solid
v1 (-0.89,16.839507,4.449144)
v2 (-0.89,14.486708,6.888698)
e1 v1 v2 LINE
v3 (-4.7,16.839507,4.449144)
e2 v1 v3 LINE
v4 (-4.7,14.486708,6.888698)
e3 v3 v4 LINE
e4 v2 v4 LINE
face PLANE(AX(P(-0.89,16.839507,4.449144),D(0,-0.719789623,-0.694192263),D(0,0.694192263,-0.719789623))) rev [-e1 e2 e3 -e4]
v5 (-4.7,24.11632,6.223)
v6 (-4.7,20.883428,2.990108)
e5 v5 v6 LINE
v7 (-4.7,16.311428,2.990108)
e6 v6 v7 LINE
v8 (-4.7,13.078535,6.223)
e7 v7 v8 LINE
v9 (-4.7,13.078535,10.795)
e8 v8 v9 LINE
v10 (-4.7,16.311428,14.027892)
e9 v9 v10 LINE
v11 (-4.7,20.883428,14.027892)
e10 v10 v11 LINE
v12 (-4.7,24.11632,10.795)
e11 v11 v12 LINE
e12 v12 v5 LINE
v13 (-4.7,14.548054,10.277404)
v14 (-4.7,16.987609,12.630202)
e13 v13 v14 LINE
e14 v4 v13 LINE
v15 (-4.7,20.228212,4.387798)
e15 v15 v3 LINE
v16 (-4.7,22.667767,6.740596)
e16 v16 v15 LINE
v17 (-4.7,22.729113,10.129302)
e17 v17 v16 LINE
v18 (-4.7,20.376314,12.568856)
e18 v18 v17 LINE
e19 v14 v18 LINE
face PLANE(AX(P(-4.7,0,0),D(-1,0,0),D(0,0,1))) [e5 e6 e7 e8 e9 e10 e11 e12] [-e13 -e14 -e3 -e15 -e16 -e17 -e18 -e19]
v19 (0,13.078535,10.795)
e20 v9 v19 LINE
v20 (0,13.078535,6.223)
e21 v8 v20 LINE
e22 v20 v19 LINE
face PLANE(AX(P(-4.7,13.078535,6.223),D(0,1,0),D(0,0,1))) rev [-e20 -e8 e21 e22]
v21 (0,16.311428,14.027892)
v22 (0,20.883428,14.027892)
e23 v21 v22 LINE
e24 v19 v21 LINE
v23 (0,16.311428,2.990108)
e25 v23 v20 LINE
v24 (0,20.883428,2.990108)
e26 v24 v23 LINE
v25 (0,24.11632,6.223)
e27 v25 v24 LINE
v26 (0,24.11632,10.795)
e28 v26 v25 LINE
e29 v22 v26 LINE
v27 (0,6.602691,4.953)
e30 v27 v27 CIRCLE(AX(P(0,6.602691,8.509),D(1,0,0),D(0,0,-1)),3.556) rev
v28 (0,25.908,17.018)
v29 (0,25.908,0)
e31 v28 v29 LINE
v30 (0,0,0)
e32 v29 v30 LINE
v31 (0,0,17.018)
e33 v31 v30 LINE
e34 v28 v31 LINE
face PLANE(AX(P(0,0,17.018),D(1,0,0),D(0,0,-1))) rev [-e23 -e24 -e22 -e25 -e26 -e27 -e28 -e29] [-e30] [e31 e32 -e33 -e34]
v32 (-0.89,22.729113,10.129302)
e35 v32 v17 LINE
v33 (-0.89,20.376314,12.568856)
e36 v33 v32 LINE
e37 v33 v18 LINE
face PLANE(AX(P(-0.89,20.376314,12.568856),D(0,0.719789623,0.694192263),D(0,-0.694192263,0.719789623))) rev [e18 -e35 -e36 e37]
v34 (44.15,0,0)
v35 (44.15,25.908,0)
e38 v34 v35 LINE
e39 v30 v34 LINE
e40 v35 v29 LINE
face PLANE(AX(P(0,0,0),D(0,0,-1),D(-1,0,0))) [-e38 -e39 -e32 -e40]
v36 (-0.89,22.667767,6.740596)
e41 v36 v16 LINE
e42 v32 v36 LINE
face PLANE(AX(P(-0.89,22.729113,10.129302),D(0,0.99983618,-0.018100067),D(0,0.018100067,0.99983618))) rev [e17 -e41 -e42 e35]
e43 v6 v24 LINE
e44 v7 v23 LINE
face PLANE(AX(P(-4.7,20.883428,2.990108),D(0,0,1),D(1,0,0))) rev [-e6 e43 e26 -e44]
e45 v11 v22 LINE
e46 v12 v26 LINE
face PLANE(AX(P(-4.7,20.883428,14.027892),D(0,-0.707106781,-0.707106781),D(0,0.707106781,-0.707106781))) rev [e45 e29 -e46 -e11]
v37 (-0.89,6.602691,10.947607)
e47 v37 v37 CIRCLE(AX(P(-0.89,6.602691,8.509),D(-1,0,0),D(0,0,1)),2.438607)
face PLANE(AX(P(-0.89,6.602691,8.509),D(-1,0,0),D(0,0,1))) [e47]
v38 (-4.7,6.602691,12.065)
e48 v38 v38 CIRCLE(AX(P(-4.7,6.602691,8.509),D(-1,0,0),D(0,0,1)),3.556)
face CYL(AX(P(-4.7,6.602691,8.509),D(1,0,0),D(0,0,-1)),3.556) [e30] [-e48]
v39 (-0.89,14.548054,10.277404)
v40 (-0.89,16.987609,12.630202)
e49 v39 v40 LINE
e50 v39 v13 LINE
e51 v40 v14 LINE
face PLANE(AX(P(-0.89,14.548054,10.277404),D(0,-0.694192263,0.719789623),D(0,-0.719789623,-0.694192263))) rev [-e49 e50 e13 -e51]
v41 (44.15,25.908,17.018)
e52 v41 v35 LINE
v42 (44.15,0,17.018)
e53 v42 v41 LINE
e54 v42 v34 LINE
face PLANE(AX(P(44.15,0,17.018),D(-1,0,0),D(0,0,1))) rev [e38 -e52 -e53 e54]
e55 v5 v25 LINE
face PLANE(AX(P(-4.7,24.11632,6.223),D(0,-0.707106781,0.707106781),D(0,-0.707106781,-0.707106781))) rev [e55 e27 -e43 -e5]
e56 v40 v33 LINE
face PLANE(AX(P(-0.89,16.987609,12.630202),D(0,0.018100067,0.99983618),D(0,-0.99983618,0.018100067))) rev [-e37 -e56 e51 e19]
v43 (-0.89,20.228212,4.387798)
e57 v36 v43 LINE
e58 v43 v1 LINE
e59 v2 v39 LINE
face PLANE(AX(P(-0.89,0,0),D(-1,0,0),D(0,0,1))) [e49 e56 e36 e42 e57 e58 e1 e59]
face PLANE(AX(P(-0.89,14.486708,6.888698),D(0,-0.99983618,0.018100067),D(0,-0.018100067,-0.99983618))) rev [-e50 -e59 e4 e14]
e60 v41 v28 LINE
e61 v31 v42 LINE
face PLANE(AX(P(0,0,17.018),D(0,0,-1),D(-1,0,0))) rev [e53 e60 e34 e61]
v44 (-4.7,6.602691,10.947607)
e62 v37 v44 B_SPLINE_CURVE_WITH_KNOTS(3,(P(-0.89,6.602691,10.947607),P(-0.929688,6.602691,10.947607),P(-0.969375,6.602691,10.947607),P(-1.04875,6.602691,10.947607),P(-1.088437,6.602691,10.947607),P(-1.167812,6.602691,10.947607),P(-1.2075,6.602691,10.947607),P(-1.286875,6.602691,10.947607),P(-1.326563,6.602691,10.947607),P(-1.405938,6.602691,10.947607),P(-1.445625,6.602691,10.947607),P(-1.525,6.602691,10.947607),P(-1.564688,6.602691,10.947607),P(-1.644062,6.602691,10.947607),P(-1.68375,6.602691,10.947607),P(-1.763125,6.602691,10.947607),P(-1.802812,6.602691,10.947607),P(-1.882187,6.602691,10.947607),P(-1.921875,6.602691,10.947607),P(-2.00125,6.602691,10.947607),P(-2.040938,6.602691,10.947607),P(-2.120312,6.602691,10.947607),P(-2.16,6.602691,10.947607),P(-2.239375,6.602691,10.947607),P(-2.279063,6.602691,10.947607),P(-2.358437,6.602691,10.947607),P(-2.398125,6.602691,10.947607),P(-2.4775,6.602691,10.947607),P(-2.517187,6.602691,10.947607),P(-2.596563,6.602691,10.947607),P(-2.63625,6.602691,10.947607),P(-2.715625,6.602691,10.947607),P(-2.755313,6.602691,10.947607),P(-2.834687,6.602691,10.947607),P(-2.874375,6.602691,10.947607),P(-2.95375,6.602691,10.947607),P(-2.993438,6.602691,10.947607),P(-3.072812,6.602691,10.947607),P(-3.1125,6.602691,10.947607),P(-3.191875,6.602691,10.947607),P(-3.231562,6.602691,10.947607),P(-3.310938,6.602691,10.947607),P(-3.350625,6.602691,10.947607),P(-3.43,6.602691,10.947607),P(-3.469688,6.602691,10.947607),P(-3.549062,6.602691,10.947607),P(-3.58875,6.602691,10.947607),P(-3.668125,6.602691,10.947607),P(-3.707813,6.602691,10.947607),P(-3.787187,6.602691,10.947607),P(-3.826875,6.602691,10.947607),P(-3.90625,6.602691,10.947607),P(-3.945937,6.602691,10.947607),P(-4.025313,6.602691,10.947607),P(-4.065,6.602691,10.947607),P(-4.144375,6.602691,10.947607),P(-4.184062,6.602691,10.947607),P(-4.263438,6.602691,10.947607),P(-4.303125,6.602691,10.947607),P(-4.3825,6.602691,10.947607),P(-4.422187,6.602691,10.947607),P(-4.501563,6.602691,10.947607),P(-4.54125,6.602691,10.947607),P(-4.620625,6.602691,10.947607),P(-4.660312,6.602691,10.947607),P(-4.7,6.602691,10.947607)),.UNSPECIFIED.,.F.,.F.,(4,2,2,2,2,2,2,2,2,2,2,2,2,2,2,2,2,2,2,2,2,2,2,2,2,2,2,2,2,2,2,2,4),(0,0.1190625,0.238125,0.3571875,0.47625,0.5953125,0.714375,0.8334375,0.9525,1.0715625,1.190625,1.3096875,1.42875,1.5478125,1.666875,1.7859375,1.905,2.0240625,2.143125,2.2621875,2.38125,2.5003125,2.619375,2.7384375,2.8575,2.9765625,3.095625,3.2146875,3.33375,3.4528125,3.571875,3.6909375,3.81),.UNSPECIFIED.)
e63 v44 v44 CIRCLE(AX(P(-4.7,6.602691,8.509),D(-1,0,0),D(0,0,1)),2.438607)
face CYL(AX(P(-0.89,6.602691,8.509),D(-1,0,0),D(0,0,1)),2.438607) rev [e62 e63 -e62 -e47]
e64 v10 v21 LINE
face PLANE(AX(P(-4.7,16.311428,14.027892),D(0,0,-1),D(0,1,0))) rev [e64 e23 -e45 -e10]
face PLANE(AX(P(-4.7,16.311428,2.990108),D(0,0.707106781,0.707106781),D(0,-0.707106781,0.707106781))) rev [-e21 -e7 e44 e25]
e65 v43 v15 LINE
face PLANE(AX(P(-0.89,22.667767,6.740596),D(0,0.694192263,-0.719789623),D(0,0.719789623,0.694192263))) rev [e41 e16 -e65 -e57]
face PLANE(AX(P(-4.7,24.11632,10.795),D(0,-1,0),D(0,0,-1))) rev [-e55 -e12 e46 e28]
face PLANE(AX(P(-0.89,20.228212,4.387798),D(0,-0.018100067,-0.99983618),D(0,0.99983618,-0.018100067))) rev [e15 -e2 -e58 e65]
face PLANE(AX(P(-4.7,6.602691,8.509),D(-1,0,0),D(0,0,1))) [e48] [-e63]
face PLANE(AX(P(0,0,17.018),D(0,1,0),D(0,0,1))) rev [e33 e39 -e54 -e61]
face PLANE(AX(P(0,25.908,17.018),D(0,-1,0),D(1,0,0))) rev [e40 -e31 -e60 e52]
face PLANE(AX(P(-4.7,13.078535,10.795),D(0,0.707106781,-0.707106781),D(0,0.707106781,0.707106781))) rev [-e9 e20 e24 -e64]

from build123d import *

# Parameters (mm, degrees)
SKETCH1_W           = 44.15
SKETCH1_H           = 25.908
BOSS_EXTRUDE1_DEPTH = 17.018
SKETCH2_R           = 3.556
BOSS_EXTRUDE2_DEPTH = 4.7
SKETCH3_R           = 2.438606829
CUT_EXTRUDE1_DEPTH  = 3.81


with BuildPart() as part:
    # Sketch1 → Boss-Extrude1 (new body)
    with BuildSketch(Plane.XY):
        with Locations((22.075, 12.954)):
            Rectangle(SKETCH1_W, SKETCH1_H)
    extrude(amount=BOSS_EXTRUDE1_DEPTH)

    # Sketch2 → Boss-Extrude2 (add)
    with BuildSketch(Plane.ZY):
        with Locations(Location((8.509, 6.602690832, 0), (0, 0, 180))):
            Circle(SKETCH2_R)
        Polygon((14.027892204, 20.883427677), (10.795, 24.116319881), (6.223, 24.116319881), (2.990107796, 20.883427677), (2.990107796, 16.311427677), (6.223, 13.078535474), (10.795, 13.078535474), (14.027892204, 16.311427677), align=None)
    extrude(amount=BOSS_EXTRUDE2_DEPTH)

    # Sketch3 → Cut-Extrude1 (cut)
    with BuildSketch(Plane.ZY.offset(4.7)):
        with Locations((8.509, 6.602690832)):
            Circle(SKETCH3_R)
        Polygon((12.568856448, 20.376314243), (10.129301757, 22.729112808), (6.740596271, 22.667766962), (4.387797706, 20.228212271), (4.449143552, 16.839506785), (6.888698243, 14.48670822), (10.277403729, 14.548054066), (12.630202294, 16.987608757), align=None)
    extrude(amount=-CUT_EXTRUDE1_DEPTH, mode=Mode.SUBTRACT)


solid = part.part
